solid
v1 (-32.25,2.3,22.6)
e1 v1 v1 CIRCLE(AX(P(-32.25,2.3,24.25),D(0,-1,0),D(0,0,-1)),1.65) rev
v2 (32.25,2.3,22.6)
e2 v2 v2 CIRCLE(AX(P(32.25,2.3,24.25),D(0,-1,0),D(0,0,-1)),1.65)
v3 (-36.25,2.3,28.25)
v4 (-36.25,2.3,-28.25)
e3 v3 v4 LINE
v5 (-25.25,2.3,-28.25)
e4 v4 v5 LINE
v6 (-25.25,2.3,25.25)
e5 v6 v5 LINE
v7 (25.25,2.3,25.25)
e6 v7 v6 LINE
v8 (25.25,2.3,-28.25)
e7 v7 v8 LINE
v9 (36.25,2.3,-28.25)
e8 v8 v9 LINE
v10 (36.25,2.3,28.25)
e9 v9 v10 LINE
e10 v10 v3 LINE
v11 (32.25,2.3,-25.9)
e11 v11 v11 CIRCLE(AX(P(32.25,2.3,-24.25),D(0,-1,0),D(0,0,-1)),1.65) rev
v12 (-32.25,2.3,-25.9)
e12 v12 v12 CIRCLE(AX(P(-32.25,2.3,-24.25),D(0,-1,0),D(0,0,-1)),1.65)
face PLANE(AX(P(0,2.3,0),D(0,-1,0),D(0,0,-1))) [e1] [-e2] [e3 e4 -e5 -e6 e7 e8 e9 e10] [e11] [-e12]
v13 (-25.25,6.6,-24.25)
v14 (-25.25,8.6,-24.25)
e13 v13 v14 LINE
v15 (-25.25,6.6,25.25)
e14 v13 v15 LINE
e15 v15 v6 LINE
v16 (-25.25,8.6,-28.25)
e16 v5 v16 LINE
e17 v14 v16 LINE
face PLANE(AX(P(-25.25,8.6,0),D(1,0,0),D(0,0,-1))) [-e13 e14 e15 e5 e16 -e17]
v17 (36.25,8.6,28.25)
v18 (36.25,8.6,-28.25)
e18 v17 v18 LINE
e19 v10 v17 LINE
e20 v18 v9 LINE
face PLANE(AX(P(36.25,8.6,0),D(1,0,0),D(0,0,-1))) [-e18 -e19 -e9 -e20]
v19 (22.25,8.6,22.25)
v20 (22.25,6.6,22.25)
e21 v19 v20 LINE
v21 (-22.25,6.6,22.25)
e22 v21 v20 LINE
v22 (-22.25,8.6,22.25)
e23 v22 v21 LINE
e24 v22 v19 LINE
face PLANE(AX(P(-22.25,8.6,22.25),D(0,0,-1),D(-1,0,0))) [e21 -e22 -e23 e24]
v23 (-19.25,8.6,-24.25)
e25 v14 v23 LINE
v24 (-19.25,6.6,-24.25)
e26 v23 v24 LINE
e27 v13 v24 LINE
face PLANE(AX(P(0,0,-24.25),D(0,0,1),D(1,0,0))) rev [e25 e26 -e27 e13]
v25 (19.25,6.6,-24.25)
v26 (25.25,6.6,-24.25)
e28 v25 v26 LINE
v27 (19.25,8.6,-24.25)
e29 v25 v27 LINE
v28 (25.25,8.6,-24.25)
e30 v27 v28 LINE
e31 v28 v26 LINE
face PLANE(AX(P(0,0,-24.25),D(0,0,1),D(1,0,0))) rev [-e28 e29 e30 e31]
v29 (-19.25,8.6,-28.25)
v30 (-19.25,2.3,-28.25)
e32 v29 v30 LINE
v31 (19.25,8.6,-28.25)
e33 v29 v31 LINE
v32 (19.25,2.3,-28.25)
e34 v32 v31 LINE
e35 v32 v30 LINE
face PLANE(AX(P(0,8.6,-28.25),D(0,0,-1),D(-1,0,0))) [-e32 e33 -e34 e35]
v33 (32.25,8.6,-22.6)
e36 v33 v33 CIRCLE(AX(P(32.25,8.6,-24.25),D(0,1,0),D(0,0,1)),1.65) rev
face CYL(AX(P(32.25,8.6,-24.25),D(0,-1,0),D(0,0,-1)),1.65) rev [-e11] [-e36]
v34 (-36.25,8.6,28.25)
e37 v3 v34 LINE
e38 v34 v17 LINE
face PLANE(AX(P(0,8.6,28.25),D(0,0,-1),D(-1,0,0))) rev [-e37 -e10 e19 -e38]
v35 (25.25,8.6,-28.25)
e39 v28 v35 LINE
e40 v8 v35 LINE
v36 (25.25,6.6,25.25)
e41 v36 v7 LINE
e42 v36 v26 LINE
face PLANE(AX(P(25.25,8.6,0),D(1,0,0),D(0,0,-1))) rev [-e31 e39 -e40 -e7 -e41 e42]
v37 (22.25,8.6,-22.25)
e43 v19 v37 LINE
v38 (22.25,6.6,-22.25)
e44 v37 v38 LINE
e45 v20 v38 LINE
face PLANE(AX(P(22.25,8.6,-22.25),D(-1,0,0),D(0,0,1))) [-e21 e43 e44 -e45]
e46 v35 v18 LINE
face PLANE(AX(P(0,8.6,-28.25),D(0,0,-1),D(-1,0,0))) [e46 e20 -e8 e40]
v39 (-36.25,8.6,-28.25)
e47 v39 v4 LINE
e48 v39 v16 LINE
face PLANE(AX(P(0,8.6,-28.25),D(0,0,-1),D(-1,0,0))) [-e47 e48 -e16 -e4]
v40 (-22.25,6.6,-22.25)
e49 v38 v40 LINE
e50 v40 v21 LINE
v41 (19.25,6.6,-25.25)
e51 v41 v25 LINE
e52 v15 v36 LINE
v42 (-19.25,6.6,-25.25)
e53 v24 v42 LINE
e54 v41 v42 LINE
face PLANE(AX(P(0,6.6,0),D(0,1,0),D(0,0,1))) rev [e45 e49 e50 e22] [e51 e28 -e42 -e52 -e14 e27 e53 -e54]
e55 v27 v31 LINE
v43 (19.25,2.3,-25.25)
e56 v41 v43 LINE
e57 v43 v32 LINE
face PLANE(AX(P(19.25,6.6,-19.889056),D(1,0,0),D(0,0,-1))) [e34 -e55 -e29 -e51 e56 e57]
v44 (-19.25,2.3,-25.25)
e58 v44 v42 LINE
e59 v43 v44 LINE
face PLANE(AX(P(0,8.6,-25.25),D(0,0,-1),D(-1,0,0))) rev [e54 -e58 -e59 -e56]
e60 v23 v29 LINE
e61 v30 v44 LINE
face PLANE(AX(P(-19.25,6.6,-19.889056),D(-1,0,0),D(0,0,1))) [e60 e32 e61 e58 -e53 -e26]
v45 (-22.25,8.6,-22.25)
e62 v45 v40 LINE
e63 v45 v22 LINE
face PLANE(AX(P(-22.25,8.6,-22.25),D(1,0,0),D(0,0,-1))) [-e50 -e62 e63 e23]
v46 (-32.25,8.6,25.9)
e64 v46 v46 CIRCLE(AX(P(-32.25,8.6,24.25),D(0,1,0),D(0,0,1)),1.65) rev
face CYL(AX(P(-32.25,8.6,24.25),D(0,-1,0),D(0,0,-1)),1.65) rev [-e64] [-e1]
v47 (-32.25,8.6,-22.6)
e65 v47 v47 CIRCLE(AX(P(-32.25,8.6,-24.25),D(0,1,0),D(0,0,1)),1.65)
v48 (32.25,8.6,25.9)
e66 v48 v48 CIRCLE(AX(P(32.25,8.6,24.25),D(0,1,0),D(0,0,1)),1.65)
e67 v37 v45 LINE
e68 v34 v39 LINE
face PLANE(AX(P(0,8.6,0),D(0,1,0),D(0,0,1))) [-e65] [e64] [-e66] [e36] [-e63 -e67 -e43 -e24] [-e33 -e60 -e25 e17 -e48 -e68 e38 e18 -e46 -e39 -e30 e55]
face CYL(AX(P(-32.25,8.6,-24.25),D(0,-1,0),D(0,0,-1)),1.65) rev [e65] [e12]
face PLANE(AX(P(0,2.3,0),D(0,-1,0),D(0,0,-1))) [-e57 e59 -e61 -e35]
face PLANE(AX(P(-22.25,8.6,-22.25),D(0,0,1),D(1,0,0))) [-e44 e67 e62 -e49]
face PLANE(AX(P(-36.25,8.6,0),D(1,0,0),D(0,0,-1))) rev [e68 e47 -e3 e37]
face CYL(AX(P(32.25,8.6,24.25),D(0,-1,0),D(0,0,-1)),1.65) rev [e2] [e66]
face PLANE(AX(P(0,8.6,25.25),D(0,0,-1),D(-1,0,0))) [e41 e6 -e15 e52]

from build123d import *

# Parameters (mm, degrees)
SKETCH1_W           = 56.5
SKETCH1_H           = 56.5
SKETCH1_W_2         = 50.5
SKETCH1_H_2         = 50.5
SKETCH1_R           = 1.65
BOSS_EXTRUDE1_DEPTH = 8.6
SKETCH2_W           = 50.5
SKETCH2_H           = 50.5
SKETCH2_W_2         = 44.5
SKETCH2_H_2         = 44.5
BOSS_EXTRUDE2_DEPTH = 2
BOSS_EXTRUDE3_START = 6.6
SKETCH4_W           = 50.5
SKETCH4_H           = 50.5
SKETCH4_W_2         = 44.5
SKETCH4_H_2         = 44.5
BOSS_EXTRUDE3_DEPTH = 2
CUT_EXTRUDE1_START  = 2
SKETCH5_W           = 6
SKETCH5_H           = 17.961455198
CUT_EXTRUDE1_DEPTH  = 4.6
SKETCH6_W           = 87.3205389
SKETCH6_H           = 82.15723747
CUT_EXTRUDE2_DEPTH  = 2.3
CUT_EXTRUDE4_DEPTH  = 10
SKETCH8_W           = 8
SKETCH8_H           = 40.5
BOSS_EXTRUDE4_DEPTH = 6.3
SKETCH9_W           = 6
SKETCH9_H           = 6.3
CUT_EXTRUDE5_DEPTH  = 4


with BuildPart() as part:
    # Sketch1 → Boss-Extrude1 (new body)
    with BuildSketch(Plane(origin=(0, 0, 0), x_dir=(1, 0, 0), z_dir=(0, 1, 0))):
        Rectangle(SKETCH1_W, SKETCH1_H)
        Rectangle(SKETCH1_W_2, SKETCH1_H_2, mode=Mode.SUBTRACT)
        Polygon((-28.25, -28.25), (-28.25, -12.25), (-36.25, -20.25), (-36.25, -30.25), (-32.25, -34.25), (-24.25, -34.25), (-18.25, -28.25), align=None)
        with Locations((-32.25, -24.25)):
            Circle(SKETCH1_R, mode=Mode.SUBTRACT)
        Polygon((28.25, -28.25), (18.25, -28.25), (24.25, -34.25), (32.25, -34.25), (36.25, -30.25), (36.25, -20.25), (28.25, -12.25), align=None)
        with Locations((32.25, -24.25)):
            Circle(SKETCH1_R, mode=Mode.SUBTRACT)
        Polygon((24.25, 34.25), (18.25, 28.25), (28.25, 28.25), (28.25, 12.25), (36.25, 20.25), (36.25, 30.25), (32.25, 34.25), align=None)
        with Locations((32.25, 24.25)):
            Circle(SKETCH1_R, mode=Mode.SUBTRACT)
        Polygon((-36.25, 20.25), (-28.25, 12.25), (-28.25, 28.25), (-18.25, 28.25), (-24.25, 34.25), (-32.25, 34.25), (-36.25, 30.25), align=None)
        with Locations((-32.25, 24.25)):
            Circle(SKETCH1_R, mode=Mode.SUBTRACT)
    extrude(amount=BOSS_EXTRUDE1_DEPTH)

    # Sketch2 → Boss-Extrude2 (add)
    with BuildSketch(Plane(origin=(0, 0, 0), x_dir=(1, 0, 0), z_dir=(0, 1, 0))):
        Rectangle(SKETCH2_W, SKETCH2_H)
        Rectangle(SKETCH2_W_2, SKETCH2_H_2, mode=Mode.SUBTRACT)
    extrude(amount=BOSS_EXTRUDE2_DEPTH)

    # Sketch4 → Boss-Extrude3 (add)
    with BuildSketch(Plane(origin=(0, 0, 0), x_dir=(1, 0, 0), z_dir=(0, 1, 0)).offset(BOSS_EXTRUDE3_START)):
        Rectangle(SKETCH4_W, SKETCH4_H)
        Rectangle(SKETCH4_W_2, SKETCH4_H_2, mode=Mode.SUBTRACT)
    extrude(amount=BOSS_EXTRUDE3_DEPTH)

    # Sketch5 → Cut-Extrude1 (cut)
    with BuildSketch(Plane(origin=(0, 0, 0), x_dir=(1, 0, 0), z_dir=(0, 1, 0)).offset(CUT_EXTRUDE1_START)):
        with Locations((-22.25, 28.869783692)):
            Rectangle(SKETCH5_W, SKETCH5_H)
        with Locations((22.25, 28.869783692)):
            Rectangle(SKETCH5_W, SKETCH5_H)
    extrude(amount=CUT_EXTRUDE1_DEPTH, mode=Mode.SUBTRACT)

    # Sketch6 → Cut-Extrude2 (cut)
    with BuildSketch(Plane.XZ):
        with Locations((1.898272585, -1.518618068)):
            Rectangle(SKETCH6_W, SKETCH6_H)
    extrude(amount=-CUT_EXTRUDE2_DEPTH, mode=Mode.SUBTRACT)

    # Sketch7 → Cut-Extrude4 (cut)
    with BuildSketch(Plane(origin=(0, 8.6, 0), x_dir=(1, 0, 0), z_dir=(0, 1, 0))):
        Polygon((-36.25, -30.25), (-36.25, -28.25), (-40.881768663, -28.25), (-40.881768663, -34.995320637), (0, -34.995320637), (0, -28.25), (-18.25, -28.25), (-24.25, -34.25), (-32.25, -34.25), align=None)
        Polygon((18.25, -28.25), (0, -28.25), (0, -34.995320637), (39.184342226, -34.995320637), (39.184342226, -28.25), (36.25, -28.25), (36.25, -30.25), (32.25, -34.25), (24.25, -34.25), align=None)
        Polygon((36.25, 20.25), (36.25, -20.25), (28.25, -12.25), (28.25, 12.25), align=None)
        Polygon((-36.25, 20.25), (-36.25, -20.25), (-28.25, -12.25), (-28.25, 12.25), align=None)
        Polygon((-36.25, 30.25), (-36.25, 28.25), (-18.25, 28.25), (-24.25, 34.25), (-32.25, 34.25), align=None)
        Polygon((-38.207606214, 28.25), (-36.25, 28.25), (-36.25, 30.25), (-32.25, 34.25), (-24.25, 34.25), (-18.25, 28.25), (0, 28.25), (0, 36.724555445), (-38.207606214, 36.724555445), align=None)
        Polygon((28.25, 12.25), (36.25, 20.25), (28.25, 20.25), align=None)
        Polygon((28.25, -20.25), (36.25, -20.25), (28.25, -12.25), align=None)
        Polygon((-18.25, -28.25), (-36.25, -28.25), (-36.25, -30.25), (-32.25, -34.25), (-24.25, -34.25), align=None)
        Polygon((-28.25, -12.25), (-36.25, -20.25), (-28.25, -20.25), align=None)
        Polygon((-28.25, 20.25), (-36.25, 20.25), (-28.25, 12.25), align=None)
        Polygon((24.25, 34.25), (18.25, 28.25), (36.25, 28.25), (36.25, 30.25), (32.25, 34.25), align=None)
        Polygon((0, 36.724555445), (0, 28.25), (18.25, 28.25), (24.25, 34.25), (32.25, 34.25), (36.25, 30.25), (36.25, 28.25), (40.981198071, 28.25), (40.981198071, 36.724555445), align=None)
        Polygon((36.25, -28.25), (18.25, -28.25), (24.25, -34.25), (32.25, -34.25), (36.25, -30.25), align=None)
    extrude(amount=-CUT_EXTRUDE4_DEPTH, mode=Mode.SUBTRACT)

    # Sketch8 → Boss-Extrude4 (add)
    with BuildSketch(Plane(origin=(0, 8.6, 0), x_dir=(1, 0, 0), z_dir=(0, 1, 0))):
        with Locations((-32.25, 0)):
            Rectangle(SKETCH8_W, SKETCH8_H)
        with Locations((32.25, 0)):
            Rectangle(SKETCH8_W, SKETCH8_H)
    extrude(amount=-BOSS_EXTRUDE4_DEPTH)

    # Sketch9 → Cut-Extrude5 (cut)
    with BuildSketch(Plane(origin=(0, 0, -28.25), x_dir=(-1, 0, 0), z_dir=(0, 0, -1))):
        with Locations((-22.25, 5.45)):
            Rectangle(SKETCH9_W, SKETCH9_H)
        with Locations((22.25, 5.45)):
            Rectangle(SKETCH9_W, SKETCH9_H)
    extrude(amount=-CUT_EXTRUDE5_DEPTH, mode=Mode.SUBTRACT)


solid = part.part
